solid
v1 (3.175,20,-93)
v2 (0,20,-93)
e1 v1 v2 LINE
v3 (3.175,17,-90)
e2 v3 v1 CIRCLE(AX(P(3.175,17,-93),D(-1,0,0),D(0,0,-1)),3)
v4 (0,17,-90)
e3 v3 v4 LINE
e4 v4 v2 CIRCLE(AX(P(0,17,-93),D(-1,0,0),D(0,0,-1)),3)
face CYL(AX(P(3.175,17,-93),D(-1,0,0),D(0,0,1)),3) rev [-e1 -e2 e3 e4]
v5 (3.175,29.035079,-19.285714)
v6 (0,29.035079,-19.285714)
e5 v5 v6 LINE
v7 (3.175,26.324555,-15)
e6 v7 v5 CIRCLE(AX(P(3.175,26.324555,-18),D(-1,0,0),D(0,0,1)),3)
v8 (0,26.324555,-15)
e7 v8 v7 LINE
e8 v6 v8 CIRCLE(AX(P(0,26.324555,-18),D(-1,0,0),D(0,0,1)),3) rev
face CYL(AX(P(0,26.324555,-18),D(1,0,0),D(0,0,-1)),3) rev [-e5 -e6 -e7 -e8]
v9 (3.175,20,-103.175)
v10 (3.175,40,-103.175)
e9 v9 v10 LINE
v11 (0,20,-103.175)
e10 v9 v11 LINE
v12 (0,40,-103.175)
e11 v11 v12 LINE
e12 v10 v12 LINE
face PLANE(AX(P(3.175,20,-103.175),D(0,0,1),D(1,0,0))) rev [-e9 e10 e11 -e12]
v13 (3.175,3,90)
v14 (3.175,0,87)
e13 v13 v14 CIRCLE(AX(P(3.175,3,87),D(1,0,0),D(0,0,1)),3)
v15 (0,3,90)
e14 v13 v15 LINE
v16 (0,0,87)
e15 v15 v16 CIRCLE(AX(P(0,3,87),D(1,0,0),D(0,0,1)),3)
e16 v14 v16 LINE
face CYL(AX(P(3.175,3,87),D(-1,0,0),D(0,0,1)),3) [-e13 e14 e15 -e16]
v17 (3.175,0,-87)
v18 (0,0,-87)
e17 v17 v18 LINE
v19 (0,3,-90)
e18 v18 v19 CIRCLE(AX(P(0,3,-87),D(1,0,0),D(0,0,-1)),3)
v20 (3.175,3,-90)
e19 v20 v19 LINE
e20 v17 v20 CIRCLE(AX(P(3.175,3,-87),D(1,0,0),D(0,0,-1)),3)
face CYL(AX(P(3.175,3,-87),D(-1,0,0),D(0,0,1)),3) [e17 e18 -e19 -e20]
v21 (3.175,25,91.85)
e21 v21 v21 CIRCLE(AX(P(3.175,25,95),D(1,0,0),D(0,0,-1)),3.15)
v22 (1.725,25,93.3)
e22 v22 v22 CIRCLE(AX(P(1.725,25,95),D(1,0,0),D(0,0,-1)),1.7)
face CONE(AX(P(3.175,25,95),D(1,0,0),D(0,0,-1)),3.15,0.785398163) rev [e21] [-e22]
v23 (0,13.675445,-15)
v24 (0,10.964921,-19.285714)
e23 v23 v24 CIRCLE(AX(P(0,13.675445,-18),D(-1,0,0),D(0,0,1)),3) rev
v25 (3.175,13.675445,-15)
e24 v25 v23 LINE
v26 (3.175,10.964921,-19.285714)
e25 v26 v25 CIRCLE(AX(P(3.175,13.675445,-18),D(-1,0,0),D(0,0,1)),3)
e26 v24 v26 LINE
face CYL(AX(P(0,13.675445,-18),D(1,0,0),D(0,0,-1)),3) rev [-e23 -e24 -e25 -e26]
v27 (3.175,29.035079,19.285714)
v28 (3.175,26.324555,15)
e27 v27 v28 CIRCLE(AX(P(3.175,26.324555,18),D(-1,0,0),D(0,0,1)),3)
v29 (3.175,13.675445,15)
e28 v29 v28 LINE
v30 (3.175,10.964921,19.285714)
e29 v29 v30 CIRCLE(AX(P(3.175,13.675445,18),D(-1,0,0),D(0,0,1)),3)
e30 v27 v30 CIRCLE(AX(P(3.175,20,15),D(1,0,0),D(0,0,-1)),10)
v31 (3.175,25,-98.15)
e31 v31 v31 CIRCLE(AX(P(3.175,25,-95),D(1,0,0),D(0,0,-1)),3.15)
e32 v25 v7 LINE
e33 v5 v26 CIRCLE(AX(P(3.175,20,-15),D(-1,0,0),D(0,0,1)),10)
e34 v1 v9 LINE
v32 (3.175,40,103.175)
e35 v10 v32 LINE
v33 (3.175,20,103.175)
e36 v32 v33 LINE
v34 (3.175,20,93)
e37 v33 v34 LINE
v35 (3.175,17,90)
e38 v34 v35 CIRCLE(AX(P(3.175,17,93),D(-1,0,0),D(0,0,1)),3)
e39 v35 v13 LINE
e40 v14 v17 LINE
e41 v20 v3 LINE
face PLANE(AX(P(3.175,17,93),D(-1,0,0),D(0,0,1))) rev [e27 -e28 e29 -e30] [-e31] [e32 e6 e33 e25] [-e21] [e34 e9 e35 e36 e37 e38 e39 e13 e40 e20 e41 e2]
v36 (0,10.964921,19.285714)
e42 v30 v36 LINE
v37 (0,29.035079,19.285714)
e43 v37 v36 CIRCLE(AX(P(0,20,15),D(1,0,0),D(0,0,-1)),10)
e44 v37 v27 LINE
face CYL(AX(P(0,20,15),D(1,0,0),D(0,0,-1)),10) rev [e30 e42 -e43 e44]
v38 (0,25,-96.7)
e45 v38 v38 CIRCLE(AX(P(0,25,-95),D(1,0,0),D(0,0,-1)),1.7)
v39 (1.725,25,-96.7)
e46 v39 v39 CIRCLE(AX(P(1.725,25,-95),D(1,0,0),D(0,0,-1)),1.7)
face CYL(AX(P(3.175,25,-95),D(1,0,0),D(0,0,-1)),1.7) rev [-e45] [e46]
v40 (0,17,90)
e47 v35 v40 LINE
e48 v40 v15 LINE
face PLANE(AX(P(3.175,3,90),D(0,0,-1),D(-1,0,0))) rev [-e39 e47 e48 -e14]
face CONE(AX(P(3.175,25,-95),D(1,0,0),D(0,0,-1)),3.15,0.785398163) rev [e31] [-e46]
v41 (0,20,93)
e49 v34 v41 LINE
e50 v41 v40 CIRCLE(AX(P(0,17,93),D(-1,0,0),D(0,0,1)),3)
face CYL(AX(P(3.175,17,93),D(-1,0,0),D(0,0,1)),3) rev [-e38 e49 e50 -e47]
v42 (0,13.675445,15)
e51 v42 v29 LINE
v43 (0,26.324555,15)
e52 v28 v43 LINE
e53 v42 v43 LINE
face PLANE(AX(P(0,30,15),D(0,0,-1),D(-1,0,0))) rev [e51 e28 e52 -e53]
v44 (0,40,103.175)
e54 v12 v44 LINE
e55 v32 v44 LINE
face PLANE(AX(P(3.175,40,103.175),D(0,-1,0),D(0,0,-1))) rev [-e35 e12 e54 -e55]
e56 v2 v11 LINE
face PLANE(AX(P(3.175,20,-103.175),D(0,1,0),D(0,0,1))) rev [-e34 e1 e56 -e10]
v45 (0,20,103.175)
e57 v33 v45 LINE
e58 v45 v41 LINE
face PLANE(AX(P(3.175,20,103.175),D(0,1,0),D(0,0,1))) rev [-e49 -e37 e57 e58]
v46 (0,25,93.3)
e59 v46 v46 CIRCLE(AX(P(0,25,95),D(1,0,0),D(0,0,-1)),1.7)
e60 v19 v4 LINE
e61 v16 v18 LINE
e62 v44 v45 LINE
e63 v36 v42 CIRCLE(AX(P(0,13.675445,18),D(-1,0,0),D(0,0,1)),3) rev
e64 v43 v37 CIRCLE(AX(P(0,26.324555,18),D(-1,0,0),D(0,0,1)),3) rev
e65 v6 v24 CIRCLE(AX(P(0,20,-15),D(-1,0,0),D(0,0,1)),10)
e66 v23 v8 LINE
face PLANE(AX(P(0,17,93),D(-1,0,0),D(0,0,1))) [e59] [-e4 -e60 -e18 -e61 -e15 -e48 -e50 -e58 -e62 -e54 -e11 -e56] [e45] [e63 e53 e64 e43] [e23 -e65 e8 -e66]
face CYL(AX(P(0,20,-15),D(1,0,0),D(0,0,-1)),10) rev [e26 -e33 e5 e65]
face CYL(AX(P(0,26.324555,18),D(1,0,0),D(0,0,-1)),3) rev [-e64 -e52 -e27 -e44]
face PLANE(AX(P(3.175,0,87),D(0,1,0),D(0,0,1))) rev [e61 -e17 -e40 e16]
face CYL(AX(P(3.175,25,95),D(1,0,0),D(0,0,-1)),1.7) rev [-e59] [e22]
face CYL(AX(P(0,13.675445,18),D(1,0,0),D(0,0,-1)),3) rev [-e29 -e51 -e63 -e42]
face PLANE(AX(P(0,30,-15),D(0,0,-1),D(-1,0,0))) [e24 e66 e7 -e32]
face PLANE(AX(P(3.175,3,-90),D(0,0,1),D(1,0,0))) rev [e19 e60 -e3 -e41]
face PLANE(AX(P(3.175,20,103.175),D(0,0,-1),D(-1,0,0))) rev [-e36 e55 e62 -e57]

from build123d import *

# Parameters (mm, degrees)
BOSS_EXTRUDE1_DEPTH                             = 3.175
CSK_FOR_M3_FLAT_HEAD_MACHINE_SCREW1_D           = 3.4
CSK_FOR_M3_FLAT_HEAD_MACHINE_SCREW1_CSINK_D     = 6.3
CSK_FOR_M3_FLAT_HEAD_MACHINE_SCREW1_CSINK_ANGLE = 90
CUT_EXTRUDE1_DEPTH                              = 4.175
FILLET1_R                                       = 3
FILLET1_OF_MIRROR3_R                            = 3


with BuildPart() as part:
    # Sketch1 → Boss-Extrude1 (new body)
    with BuildSketch(Plane(origin=(0, 0, 0), x_dir=(0, 0, -1), z_dir=(1, 0, 0))):
        with BuildLine():
            Line((-103.175, 20), (-103.175, 40))
            Line((-103.175, 40), (103.175, 40))
            Line((103.175, 40), (103.175, 20))
            Line((103.175, 20), (93, 20))
            ThreePointArc((93, 20), (90.878679656, 19.121320344), (90, 17))
            Line((90, 17), (90, 3))
            ThreePointArc((90, 3), (89.121320344, 0.878679656), (87, 0))
            Line((87, 0), (-87, 0))
            ThreePointArc((-87, 0), (-89.121320344, 0.878679656), (-90, 3))
            Line((-90, 3), (-90, 17))
            ThreePointArc((-90, 17), (-90.878679656, 19.121320344), (-93, 20))
            Line((-93, 20), (-103.175, 20))
        make_face()
    extrude(amount=BOSS_EXTRUDE1_DEPTH)

    # CSK for M3 Flat Head Machine Screw1 (through all)
    with Locations(Plane(origin=(3.175, 0, 0), x_dir=(0, 0, -1), z_dir=(1, 0, 0))):
        with Locations((-95, 25)):
            csk_for_m3_flat_head_machine_screw1 = CounterSinkHole(CSK_FOR_M3_FLAT_HEAD_MACHINE_SCREW1_D / 2, CSK_FOR_M3_FLAT_HEAD_MACHINE_SCREW1_CSINK_D / 2, counter_sink_angle=CSK_FOR_M3_FLAT_HEAD_MACHINE_SCREW1_CSINK_ANGLE)

    # Mirror1: CSK for M3 Flat Head Machine Screw1 across plane
    add(csk_for_m3_flat_head_machine_screw1.mirror(Plane.XY), mode=Mode.SUBTRACT)

    # Sketch4 → Cut-Extrude1 (cut, through all)
    with BuildSketch(Plane(origin=(3.175, 0, 0), x_dir=(0, 0, -1), z_dir=(1, 0, 0))):
        with BuildLine():
            Line((-15, 30), (-15, 10))
            ThreePointArc((-15, 10), (-25, 20), (-15, 30))
        make_face()
    cut_extrude1 = extrude(amount=-CUT_EXTRUDE1_DEPTH, mode=Mode.SUBTRACT)

    # Fillet1
    fillet1_edges = [part.edges().sort_by_distance(p)[0] for p in [
        (1.5875, 10, 15),
        (1.5875, 30, 15),
    ]]
    fillet(fillet1_edges, radius=FILLET1_R)

    # Mirror3: Cut-Extrude1 across plane
    add(cut_extrude1.mirror(Plane.XY), mode=Mode.SUBTRACT)

    # Fillet1 of Mirror3
    fillet1_of_mirror3_edges = [part.edges().sort_by_distance(p)[0] for p in [
        (1.5875, 10, -15),
        (1.5875, 30, -15),
    ]]
    fillet(fillet1_of_mirror3_edges, radius=FILLET1_OF_MIRROR3_R)


solid = part.part
